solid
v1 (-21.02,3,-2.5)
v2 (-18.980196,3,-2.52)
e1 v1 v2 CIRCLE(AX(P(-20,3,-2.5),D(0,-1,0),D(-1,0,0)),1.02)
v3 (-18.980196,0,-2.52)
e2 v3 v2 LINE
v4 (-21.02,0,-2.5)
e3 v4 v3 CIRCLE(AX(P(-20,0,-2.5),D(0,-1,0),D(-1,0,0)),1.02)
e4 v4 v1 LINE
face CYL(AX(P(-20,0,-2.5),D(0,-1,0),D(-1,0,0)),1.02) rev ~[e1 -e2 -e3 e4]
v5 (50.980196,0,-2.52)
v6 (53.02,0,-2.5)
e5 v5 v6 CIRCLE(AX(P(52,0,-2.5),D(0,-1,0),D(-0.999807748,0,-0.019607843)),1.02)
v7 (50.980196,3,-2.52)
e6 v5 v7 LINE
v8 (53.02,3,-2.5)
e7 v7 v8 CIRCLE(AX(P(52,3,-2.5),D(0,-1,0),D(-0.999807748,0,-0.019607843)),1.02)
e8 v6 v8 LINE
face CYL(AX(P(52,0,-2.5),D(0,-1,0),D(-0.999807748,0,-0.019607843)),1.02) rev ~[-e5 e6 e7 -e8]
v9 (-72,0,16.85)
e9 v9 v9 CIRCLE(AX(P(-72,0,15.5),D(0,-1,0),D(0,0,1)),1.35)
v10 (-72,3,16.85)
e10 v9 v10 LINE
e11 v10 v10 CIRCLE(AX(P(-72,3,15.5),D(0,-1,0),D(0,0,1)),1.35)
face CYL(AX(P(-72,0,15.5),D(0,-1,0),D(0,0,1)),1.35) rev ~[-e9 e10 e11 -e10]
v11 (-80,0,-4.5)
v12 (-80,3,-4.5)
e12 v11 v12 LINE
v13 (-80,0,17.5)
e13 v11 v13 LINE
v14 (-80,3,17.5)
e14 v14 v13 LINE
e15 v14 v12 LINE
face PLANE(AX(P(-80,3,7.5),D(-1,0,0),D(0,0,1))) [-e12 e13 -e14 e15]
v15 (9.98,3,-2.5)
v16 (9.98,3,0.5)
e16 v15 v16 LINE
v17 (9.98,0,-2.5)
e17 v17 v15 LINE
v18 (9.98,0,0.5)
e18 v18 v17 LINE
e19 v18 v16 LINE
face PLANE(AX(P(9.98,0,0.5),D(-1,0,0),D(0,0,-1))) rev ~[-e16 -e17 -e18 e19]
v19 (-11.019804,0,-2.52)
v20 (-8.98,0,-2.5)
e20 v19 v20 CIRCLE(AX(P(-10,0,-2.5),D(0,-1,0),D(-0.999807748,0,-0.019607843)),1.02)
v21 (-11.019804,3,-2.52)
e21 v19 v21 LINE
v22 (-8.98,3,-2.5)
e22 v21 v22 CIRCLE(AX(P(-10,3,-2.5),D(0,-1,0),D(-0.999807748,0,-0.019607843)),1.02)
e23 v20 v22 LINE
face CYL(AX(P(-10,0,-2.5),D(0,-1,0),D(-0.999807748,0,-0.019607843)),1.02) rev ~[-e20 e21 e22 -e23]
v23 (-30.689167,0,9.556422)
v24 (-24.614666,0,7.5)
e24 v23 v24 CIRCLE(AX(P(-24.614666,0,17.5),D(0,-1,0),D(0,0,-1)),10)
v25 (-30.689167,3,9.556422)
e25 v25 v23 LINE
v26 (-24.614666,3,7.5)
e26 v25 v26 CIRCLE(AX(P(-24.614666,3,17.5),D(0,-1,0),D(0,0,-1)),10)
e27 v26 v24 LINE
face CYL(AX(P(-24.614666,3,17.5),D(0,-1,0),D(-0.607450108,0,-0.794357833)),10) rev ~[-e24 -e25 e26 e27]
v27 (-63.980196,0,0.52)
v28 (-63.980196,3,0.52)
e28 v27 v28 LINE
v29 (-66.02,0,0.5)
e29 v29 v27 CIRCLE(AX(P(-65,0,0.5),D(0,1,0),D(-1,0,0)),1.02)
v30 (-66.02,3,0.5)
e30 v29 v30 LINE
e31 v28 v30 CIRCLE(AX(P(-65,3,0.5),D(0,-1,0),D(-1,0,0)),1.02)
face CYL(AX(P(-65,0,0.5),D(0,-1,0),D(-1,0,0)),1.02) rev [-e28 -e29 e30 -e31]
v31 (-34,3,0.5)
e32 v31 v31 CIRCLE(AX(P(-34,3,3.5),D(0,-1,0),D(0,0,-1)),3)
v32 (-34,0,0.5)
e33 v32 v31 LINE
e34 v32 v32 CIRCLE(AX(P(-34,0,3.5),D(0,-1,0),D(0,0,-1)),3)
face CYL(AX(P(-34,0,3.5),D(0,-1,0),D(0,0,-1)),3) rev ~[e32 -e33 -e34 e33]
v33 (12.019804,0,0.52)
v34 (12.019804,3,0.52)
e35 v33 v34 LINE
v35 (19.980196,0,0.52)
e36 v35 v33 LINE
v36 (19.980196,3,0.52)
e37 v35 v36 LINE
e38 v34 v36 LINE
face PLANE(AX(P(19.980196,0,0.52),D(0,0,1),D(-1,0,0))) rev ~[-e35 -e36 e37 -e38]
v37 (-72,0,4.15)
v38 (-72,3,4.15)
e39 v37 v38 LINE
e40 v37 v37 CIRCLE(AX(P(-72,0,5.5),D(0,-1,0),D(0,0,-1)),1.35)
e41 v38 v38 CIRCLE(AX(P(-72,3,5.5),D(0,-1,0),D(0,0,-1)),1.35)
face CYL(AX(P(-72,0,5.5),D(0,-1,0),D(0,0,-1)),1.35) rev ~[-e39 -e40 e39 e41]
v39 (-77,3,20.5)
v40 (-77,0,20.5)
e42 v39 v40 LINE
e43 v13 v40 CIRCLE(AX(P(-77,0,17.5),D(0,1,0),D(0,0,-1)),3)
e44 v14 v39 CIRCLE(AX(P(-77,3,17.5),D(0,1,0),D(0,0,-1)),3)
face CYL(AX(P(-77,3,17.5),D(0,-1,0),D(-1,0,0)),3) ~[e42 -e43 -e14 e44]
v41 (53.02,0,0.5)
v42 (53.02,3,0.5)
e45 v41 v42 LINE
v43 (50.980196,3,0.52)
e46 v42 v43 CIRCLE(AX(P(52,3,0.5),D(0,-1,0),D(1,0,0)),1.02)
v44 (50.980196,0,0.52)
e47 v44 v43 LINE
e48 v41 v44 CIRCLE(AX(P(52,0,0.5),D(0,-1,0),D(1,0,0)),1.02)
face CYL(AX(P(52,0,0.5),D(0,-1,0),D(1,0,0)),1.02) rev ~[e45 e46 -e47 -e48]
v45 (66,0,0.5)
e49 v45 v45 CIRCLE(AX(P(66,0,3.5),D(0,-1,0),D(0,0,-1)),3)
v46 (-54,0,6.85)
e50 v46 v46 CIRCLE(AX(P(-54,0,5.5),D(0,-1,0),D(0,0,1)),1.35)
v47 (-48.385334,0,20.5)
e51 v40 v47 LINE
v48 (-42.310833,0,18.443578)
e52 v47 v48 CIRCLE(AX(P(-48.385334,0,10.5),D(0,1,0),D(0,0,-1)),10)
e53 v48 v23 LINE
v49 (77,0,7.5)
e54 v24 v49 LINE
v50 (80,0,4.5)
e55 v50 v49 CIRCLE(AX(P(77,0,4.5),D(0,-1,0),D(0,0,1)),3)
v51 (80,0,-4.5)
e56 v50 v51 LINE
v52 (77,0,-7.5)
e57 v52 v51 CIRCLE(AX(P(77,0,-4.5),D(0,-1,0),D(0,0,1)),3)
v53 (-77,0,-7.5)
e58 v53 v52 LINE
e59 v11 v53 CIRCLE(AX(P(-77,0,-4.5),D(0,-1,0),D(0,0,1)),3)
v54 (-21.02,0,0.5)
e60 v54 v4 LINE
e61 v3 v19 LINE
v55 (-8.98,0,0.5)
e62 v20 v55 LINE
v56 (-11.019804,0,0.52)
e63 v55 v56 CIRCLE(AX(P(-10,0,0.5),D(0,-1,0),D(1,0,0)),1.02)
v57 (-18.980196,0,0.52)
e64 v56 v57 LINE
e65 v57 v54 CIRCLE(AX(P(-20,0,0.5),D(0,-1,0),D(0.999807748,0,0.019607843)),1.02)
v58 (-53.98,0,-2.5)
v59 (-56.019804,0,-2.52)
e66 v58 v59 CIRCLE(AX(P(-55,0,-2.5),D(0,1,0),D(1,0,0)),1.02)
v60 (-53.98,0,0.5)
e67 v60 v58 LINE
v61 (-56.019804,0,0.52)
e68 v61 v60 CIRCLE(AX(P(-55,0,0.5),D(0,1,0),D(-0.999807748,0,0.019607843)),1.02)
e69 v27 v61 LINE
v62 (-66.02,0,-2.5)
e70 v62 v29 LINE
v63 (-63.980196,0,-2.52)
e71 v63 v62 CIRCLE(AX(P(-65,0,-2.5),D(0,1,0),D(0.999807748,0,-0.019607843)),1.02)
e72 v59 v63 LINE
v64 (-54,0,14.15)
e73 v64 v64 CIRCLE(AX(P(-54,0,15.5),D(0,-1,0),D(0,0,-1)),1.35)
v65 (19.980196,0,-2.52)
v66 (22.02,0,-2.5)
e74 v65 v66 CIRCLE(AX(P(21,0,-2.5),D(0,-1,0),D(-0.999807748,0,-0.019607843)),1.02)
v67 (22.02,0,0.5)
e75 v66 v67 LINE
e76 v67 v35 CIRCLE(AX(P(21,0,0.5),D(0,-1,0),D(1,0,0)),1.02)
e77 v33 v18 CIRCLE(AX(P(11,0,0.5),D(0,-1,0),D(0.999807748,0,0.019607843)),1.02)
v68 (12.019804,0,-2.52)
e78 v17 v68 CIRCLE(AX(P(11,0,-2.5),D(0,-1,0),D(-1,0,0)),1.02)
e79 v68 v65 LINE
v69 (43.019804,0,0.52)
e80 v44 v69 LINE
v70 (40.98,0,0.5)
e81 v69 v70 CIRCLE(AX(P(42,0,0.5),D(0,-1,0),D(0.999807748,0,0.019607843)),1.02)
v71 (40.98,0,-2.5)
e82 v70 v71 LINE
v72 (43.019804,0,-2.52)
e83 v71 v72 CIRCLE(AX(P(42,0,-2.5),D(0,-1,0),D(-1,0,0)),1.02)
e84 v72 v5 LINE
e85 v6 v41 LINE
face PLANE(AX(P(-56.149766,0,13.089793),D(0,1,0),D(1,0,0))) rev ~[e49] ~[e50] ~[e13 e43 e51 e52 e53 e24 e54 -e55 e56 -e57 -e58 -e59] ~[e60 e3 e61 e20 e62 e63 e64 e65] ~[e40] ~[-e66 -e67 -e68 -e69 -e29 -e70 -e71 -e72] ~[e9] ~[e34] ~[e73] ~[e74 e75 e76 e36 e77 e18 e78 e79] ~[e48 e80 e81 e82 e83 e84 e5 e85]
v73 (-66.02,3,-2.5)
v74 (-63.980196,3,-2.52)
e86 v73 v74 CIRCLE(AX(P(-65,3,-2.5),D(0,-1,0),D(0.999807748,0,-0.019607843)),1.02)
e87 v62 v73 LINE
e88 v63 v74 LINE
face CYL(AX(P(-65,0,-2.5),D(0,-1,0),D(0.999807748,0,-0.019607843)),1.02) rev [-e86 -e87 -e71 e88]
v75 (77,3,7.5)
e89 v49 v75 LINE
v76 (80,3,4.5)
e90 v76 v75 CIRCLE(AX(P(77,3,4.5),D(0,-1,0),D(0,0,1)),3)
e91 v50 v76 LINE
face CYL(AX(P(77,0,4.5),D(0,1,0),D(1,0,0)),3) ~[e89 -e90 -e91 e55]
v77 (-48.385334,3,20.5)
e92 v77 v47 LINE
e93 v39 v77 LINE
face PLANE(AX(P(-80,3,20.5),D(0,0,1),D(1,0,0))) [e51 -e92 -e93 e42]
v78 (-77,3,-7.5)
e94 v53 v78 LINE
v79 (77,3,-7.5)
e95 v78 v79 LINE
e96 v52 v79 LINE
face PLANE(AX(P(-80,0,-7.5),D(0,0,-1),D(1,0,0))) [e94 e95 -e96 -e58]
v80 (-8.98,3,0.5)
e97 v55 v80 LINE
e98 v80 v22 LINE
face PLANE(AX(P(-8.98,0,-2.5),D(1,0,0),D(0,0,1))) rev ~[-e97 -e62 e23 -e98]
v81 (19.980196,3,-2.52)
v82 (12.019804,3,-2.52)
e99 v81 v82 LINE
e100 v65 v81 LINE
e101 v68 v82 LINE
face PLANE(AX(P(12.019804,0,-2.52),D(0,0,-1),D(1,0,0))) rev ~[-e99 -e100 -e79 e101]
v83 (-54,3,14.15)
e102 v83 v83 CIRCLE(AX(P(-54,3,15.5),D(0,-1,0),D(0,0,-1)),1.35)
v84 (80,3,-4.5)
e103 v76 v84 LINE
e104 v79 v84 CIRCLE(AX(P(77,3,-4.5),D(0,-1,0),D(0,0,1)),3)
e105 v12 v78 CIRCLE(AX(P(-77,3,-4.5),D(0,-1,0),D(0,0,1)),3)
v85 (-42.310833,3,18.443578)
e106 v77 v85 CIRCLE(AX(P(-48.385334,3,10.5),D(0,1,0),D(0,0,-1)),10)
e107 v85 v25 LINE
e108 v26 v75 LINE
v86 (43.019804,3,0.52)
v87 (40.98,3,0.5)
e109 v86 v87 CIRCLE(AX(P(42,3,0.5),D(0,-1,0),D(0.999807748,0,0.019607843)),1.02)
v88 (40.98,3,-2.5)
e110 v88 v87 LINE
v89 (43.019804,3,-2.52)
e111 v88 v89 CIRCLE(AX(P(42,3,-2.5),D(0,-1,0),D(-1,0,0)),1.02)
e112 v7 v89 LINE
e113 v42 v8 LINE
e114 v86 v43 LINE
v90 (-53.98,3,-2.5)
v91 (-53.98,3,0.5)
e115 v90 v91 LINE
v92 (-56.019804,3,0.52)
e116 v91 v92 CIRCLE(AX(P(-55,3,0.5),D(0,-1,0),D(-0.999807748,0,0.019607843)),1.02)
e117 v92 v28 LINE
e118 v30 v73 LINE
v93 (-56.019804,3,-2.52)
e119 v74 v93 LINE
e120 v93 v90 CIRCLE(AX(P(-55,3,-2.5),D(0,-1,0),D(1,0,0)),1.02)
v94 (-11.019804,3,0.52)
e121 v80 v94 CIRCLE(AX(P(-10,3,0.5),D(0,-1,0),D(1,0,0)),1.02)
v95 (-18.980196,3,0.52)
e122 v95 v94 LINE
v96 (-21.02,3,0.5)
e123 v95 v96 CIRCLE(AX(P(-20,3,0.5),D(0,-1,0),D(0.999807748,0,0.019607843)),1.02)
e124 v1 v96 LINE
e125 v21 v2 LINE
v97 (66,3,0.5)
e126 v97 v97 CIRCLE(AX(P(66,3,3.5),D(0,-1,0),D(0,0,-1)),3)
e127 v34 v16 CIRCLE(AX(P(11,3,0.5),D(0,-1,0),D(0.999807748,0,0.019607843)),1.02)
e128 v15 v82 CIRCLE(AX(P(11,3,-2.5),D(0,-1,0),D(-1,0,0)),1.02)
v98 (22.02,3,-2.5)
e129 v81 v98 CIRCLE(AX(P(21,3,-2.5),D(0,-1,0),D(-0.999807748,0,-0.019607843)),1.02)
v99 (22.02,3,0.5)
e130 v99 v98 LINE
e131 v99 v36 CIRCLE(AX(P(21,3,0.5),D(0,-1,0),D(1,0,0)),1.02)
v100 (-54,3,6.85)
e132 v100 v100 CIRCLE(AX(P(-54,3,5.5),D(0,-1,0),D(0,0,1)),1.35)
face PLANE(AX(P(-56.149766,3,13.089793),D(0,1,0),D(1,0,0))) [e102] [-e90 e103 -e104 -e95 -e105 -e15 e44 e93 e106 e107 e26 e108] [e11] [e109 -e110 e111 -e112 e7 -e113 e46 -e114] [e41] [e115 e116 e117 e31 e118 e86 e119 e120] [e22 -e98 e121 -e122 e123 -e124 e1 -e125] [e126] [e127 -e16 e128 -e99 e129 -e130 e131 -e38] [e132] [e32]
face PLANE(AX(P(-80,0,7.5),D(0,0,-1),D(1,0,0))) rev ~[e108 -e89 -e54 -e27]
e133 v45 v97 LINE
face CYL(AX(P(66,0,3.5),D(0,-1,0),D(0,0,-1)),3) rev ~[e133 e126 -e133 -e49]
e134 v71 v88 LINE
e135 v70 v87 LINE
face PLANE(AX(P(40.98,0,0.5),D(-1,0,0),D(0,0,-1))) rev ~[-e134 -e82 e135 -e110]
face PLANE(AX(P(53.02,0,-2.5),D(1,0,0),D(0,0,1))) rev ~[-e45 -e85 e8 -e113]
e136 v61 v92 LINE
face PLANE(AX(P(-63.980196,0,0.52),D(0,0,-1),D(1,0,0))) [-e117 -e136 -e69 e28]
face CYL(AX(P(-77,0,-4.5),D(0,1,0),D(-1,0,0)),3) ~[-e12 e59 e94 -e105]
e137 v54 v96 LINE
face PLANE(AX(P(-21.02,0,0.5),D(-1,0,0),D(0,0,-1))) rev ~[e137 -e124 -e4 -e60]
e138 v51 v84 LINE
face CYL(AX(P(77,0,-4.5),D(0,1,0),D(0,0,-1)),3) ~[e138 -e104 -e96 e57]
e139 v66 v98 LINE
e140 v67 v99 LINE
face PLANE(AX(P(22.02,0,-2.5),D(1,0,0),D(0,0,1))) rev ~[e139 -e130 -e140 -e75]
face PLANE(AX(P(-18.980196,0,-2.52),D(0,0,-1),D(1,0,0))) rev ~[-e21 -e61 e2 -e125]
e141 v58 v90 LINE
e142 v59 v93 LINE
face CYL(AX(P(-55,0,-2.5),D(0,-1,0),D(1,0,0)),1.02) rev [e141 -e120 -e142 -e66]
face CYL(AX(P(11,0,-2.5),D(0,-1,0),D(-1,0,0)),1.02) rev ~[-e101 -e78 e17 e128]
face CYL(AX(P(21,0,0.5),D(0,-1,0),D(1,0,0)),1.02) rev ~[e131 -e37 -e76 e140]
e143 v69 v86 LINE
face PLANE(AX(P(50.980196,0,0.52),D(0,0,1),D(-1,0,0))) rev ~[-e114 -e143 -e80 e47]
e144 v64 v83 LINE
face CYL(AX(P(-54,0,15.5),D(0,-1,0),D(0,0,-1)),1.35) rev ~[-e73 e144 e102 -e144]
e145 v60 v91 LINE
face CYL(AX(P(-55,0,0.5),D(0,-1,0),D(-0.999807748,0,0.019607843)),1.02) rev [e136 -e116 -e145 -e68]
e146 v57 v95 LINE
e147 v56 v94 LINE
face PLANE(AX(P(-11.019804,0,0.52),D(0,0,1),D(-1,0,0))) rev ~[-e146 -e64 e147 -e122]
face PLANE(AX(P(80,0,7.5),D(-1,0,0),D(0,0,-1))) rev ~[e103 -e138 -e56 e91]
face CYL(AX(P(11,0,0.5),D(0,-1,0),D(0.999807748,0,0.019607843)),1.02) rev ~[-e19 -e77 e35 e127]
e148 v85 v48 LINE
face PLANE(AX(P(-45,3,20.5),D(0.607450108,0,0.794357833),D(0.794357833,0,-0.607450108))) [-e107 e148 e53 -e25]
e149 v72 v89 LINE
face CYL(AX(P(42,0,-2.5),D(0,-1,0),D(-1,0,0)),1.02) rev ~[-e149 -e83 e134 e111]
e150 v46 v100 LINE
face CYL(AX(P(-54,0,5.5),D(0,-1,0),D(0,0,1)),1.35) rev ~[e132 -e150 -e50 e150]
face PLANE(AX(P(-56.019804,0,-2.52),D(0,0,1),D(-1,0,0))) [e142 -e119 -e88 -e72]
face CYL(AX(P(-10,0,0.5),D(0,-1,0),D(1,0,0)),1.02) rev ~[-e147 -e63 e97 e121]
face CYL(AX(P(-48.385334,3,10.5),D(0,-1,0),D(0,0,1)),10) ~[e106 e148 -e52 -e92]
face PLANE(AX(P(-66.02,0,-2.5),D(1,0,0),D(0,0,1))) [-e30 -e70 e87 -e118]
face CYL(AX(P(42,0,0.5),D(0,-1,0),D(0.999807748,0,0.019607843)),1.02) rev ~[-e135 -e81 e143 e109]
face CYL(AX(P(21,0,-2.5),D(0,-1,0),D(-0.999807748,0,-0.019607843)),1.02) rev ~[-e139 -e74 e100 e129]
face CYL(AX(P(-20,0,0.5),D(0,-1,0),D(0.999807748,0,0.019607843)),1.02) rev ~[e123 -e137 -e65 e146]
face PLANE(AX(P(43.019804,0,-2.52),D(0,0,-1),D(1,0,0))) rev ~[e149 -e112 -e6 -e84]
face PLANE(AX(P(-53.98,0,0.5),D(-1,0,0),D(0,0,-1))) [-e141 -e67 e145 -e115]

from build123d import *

# Parameters (mm, degrees)
SKETCH_1_W          = 160
SKETCH_1_H          = 15
EXTRUDE_1_DEPTH     = 3
EXTRUDE_2_DEPTH     = 3
SKETCH_3_W          = 12
SKETCH_3_H          = 3
CUT_EXTRUDE_1_DEPTH = 83.639276376
SKETCH_4_R          = 1
CUT_EXTRUDE_2_DEPTH = 83.639276376
CUT_EXTRUDE_4_DEPTH = 83.639276376
FILLET_1_R          = 3
FILLET_2_R          = 10
SKETCH_7_R          = 3
CUT_EXTRUDE_5_DEPTH = 83.639276376
SKETCH_8_R          = 1.35
CUT_EXTRUDE_6_DEPTH = 83.639276376


with BuildPart() as part:
    # 草图1 → 凸台-拉伸1 (new body)
    with BuildSketch(Plane(origin=(0, 0, 0), x_dir=(1, 0, 0), z_dir=(0, 1, 0))):
        Rectangle(SKETCH_1_W, SKETCH_1_H)
    extrude(amount=EXTRUDE_1_DEPTH)

    # 草图2 → 凸台-拉伸2 (add)
    with BuildSketch(Plane(origin=(0, 3, 0), x_dir=(1, 0, 0), z_dir=(0, 1, 0))):
        Polygon((-28, -7.5), (-80, -7.5), (-80, -20.5), (-45, -20.5), align=None)
    extrude(amount=-EXTRUDE_2_DEPTH)

    # 草图3 → 切除-拉伸1 (cut, through all)
    with BuildSketch(Plane.XZ):
        with Locations((16, -1)):
            Rectangle(SKETCH_3_W, SKETCH_3_H)
        with Locations((47, -1)):
            Rectangle(SKETCH_3_W, SKETCH_3_H)
        with Locations((-15, -1)):
            Rectangle(SKETCH_3_W, SKETCH_3_H)
        with Locations((-60, -1)):
            Rectangle(SKETCH_3_W, SKETCH_3_H)
    extrude(amount=-CUT_EXTRUDE_1_DEPTH, mode=Mode.SUBTRACT)

    # 草图4 → 切除-拉伸2 (cut, through all)
    with BuildSketch(Plane.XZ):
        with Locations((52, -2.5)):
            Circle(SKETCH_4_R)
        with Locations((42, -2.5)):
            Circle(SKETCH_4_R)
        with Locations((21, -2.5)):
            Circle(SKETCH_4_R)
        with Locations((11, -2.5)):
            Circle(SKETCH_4_R)
        with Locations((-10, -2.5)):
            Circle(SKETCH_4_R)
        with Locations((-20, -2.5)):
            Circle(SKETCH_4_R)
        with Locations((-65, -2.5)):
            Circle(SKETCH_4_R)
        with Locations((-55, -2.5)):
            Circle(SKETCH_4_R)
        with Locations((-55, 0.5)):
            Circle(SKETCH_4_R)
        with Locations((-65, 0.5)):
            Circle(SKETCH_4_R)
        with Locations((-20, 0.5)):
            Circle(SKETCH_4_R)
        with Locations((-10, 0.5)):
            Circle(SKETCH_4_R)
        with Locations((11, 0.5)):
            Circle(SKETCH_4_R)
        with Locations((21, 0.5)):
            Circle(SKETCH_4_R)
        with Locations((42, 0.5)):
            Circle(SKETCH_4_R)
        with Locations((52, 0.5)):
            Circle(SKETCH_4_R)
    extrude(amount=-CUT_EXTRUDE_2_DEPTH, mode=Mode.SUBTRACT)

    # 草图5 → 切除-拉伸4 (cut, through all)
    with BuildSketch(Plane.XZ):
        with BuildLine():
            Line((19.980196097, 0.52), (12.019803903, 0.52))
            ThreePointArc((12.019803903, 0.52), (10.989999519, 1.519950975), (9.98, 0.5))
            Line((9.98, 0.5), (9.98, -2.5))
            ThreePointArc((9.98, -2.5), (10.989999519, -3.519950975), (12.019803903, -2.52))
            Line((12.019803903, -2.52), (19.980196097, -2.52))
            ThreePointArc((19.980196097, -2.52), (21.010000481, -3.519950975), (22.02, -2.5))
            Line((22.02, -2.5), (22.02, 0.5))
            ThreePointArc((22.02, 0.5), (21.010000481, 1.519950975), (19.980196097, 0.52))
        make_face()
        with BuildLine():
            Line((53.02, -2.5), (53.02, 0.5))
            ThreePointArc((53.02, 0.5), (52.010000481, 1.519950975), (50.980196097, 0.52))
            Line((50.980196097, 0.52), (43.019803903, 0.52))
            ThreePointArc((43.019803903, 0.52), (41.989999519, 1.519950975), (40.98, 0.5))
            Line((40.98, 0.5), (40.98, -2.5))
            ThreePointArc((40.98, -2.5), (41.989999519, -3.519950975), (43.019803903, -2.52))
            Line((43.019803903, -2.52), (50.980196097, -2.52))
            ThreePointArc((50.980196097, -2.52), (52.010000481, -3.519950975), (53.02, -2.5))
        make_face()
        with BuildLine():
            Line((-11.019803903, 0.52), (-18.980196097, 0.52))
            ThreePointArc((-18.980196097, 0.52), (-20.010000481, 1.519950975), (-21.02, 0.5))
            Line((-21.02, 0.5), (-21.02, -2.5))
            ThreePointArc((-21.02, -2.5), (-20.010000481, -3.519950975), (-18.980196097, -2.52))
            Line((-18.980196097, -2.52), (-11.019803903, -2.52))
            ThreePointArc((-11.019803903, -2.52), (-9.989999519, -3.519950975), (-8.98, -2.5))
            Line((-8.98, -2.5), (-8.98, 0.5))
            ThreePointArc((-8.98, 0.5), (-9.989999519, 1.519950975), (-11.019803903, 0.52))
        make_face()
        with BuildLine():
            Line((-66.02, -2.5), (-66.02, 0.5))
            ThreePointArc((-66.02, 0.5), (-65.010000481, 1.519950975), (-63.980196097, 0.52))
            Line((-63.980196097, 0.52), (-56.019803903, 0.52))
            ThreePointArc((-56.019803903, 0.52), (-54.989999519, 1.519950975), (-53.98, 0.5))
            Line((-53.98, 0.5), (-53.98, -2.5))
            ThreePointArc((-53.98, -2.5), (-54.989999519, -3.519950975), (-56.019803903, -2.52))
            Line((-56.019803903, -2.52), (-63.980196097, -2.52))
            ThreePointArc((-63.980196097, -2.52), (-65.010000481, -3.519950975), (-66.02, -2.5))
        make_face()
    extrude(amount=-CUT_EXTRUDE_4_DEPTH, mode=Mode.SUBTRACT)

    # 圆角1
    fillet_1_edges = [part.edges().sort_by_distance(p)[0] for p in [
        (-80, 1.5, 20.5),
        (80, 1.5, 7.5),
        (-80, 1.5, -7.5),
        (80, 1.5, -7.5),
    ]]
    fillet(fillet_1_edges, radius=FILLET_1_R)

    # 圆角2
    fillet_2_edges = [part.edges().sort_by_distance(p)[0] for p in [
        (-28, 1.5, 7.5),
        (-45, 1.5, 20.5),
    ]]
    fillet(fillet_2_edges, radius=FILLET_2_R)

    # 草图7 → 切除-拉伸5 (cut, through all)
    with BuildSketch(Plane.XZ):
        with Locations(Location((66, 3.5, 0), (0, 0, 270))):
            Circle(SKETCH_7_R)
        with Locations(Location((-34, 3.5, 0), (0, 0, 270))):
            Circle(SKETCH_7_R)
    extrude(amount=-CUT_EXTRUDE_5_DEPTH, mode=Mode.SUBTRACT)

    # 草图8 → 切除-拉伸6 (cut, through all)
    with BuildSketch(Plane.XZ):
        with Locations(Location((-72, 5.5, 0), (0, 0, 270))):
            Circle(SKETCH_8_R)
        with Locations(Location((-72, 15.5, 0), (0, 0, 90))):
            Circle(SKETCH_8_R)
        with Locations(Location((-54, 15.5, 0), (0, 0, 270))):
            Circle(SKETCH_8_R)
        with Locations(Location((-54, 5.5, 0), (0, 0, 90))):
            Circle(SKETCH_8_R)
    extrude(amount=-CUT_EXTRUDE_6_DEPTH, mode=Mode.SUBTRACT)


solid = part.part
